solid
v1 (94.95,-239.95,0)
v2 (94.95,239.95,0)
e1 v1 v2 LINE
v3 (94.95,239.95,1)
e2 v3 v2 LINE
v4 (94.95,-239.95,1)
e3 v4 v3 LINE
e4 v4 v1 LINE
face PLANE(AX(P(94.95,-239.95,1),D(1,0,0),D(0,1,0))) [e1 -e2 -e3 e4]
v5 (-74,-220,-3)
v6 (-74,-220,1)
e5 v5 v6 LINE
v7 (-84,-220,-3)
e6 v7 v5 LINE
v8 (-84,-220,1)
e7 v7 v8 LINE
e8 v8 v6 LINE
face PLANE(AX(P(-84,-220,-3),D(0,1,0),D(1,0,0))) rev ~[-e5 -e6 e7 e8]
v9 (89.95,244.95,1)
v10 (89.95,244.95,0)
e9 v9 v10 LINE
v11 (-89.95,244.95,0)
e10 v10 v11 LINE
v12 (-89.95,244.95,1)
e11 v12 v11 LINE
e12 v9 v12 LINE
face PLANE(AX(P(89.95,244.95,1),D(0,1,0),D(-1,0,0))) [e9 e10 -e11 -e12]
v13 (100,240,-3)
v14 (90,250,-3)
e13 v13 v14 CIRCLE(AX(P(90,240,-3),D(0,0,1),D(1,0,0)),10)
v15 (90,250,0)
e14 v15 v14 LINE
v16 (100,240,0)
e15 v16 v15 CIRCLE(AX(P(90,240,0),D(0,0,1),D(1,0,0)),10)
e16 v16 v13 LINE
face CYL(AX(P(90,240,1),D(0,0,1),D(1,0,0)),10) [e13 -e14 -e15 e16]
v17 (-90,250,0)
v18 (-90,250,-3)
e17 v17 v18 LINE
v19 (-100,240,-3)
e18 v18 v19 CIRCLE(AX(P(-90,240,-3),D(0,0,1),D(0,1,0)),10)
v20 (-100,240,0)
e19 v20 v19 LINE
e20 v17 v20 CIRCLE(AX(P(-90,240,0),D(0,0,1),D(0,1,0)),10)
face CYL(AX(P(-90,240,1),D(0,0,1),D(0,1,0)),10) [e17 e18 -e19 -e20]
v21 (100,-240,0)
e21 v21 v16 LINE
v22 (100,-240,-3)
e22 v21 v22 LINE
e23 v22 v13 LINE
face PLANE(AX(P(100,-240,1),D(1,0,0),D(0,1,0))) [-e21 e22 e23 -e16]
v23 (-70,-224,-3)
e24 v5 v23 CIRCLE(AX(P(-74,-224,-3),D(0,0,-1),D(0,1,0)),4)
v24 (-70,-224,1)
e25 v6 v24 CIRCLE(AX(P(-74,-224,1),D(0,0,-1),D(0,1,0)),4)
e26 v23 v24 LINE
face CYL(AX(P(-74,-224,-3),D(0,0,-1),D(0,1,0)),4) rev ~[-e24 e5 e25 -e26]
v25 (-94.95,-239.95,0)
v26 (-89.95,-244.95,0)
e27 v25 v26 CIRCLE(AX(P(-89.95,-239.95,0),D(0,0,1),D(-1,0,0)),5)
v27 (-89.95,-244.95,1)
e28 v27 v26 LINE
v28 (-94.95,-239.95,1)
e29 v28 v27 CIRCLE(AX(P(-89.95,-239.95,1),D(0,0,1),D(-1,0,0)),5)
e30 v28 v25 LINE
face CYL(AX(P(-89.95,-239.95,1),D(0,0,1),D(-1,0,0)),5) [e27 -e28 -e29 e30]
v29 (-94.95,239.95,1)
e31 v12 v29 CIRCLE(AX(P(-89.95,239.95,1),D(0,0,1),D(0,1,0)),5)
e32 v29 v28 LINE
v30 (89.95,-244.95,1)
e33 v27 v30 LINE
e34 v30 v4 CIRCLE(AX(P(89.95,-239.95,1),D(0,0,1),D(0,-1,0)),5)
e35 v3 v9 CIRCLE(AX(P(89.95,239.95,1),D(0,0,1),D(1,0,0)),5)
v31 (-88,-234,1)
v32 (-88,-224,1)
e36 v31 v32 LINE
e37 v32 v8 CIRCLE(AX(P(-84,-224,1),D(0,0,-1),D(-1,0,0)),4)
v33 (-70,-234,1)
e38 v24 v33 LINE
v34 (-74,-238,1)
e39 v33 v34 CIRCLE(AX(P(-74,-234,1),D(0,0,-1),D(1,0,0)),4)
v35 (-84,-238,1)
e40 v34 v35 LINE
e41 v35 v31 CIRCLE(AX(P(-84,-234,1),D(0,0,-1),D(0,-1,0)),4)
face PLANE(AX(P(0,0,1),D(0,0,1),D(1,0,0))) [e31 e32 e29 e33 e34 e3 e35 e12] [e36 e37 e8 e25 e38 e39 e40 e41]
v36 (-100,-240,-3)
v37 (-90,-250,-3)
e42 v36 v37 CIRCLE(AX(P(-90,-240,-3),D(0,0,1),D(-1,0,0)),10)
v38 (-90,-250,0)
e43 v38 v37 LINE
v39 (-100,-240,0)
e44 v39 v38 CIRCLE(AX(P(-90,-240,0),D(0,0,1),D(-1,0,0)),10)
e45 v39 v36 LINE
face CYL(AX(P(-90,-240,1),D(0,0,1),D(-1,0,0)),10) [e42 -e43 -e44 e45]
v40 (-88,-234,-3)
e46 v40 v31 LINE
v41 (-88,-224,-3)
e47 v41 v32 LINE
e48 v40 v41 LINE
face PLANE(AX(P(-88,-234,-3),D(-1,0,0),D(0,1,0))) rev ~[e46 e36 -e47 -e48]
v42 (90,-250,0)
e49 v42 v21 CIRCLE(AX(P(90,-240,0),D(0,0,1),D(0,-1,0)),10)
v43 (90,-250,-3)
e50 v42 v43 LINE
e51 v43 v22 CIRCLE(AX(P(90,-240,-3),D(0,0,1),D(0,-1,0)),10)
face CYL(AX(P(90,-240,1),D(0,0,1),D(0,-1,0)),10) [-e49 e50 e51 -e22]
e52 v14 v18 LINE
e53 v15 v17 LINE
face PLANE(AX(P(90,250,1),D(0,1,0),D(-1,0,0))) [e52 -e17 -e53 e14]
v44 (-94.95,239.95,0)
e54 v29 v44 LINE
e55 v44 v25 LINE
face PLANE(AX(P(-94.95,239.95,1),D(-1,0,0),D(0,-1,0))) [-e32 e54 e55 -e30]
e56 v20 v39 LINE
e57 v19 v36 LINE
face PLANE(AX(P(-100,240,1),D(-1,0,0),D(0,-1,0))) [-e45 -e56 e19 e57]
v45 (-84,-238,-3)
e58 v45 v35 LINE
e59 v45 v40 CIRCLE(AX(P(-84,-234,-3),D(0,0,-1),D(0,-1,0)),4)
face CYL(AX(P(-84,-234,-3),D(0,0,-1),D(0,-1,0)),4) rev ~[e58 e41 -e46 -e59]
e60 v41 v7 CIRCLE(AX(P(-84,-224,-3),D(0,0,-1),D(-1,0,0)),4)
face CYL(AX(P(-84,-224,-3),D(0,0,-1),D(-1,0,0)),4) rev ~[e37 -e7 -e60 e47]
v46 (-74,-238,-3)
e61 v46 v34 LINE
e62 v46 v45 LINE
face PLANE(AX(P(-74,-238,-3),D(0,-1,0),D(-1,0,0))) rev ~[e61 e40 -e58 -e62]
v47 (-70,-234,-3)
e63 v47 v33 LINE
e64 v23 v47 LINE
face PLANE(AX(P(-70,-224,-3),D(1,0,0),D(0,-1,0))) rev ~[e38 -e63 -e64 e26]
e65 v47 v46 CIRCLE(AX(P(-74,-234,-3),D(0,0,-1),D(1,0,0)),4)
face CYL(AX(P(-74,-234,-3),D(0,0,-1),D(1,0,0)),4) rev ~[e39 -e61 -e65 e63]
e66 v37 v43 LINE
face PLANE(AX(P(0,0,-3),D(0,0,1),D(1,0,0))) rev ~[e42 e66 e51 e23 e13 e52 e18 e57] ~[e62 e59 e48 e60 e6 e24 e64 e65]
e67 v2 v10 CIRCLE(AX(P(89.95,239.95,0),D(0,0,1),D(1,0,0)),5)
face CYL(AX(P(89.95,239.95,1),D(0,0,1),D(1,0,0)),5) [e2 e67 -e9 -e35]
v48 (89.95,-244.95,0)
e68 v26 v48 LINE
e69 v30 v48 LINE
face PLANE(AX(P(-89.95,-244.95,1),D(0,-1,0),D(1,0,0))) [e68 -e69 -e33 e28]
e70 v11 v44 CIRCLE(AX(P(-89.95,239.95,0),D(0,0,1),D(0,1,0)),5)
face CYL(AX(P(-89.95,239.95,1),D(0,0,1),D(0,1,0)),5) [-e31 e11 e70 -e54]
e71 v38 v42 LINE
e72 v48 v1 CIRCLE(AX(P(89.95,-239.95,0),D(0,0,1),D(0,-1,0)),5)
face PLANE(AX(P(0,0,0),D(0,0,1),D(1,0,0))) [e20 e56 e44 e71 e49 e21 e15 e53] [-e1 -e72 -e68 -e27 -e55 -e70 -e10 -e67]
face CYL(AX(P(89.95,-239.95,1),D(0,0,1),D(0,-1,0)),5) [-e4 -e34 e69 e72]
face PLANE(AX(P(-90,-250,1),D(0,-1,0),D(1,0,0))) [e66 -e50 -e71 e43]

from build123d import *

# Parameters (mm, degrees)
PAD004_DEPTH    = 4
POCKET003_DEPTH = 1
POCKET006_DEPTH = 4


with BuildPart() as part:
    # Sketch010 → Pad004 (new body)
    with BuildSketch(Plane.XY):
        with BuildLine():
            Line((-100, 240), (-100, -240))
            ThreePointArc((-100, -240), (-97.0710678119, -247.0710678119), (-90, -250))
            Line((-90, -250), (90, -250))
            ThreePointArc((90, -250), (97.0710678119, -247.0710678119), (100, -240))
            Line((100, -240), (100, 240))
            ThreePointArc((100, 240), (97.0710678119, 247.0710678119), (90, 250))
            Line((90, 250), (-90, 250))
            ThreePointArc((-90, 250), (-97.0710678119, 247.0710678119), (-100, 240))
        make_face()
    extrude(amount=-PAD004_DEPTH)

    # Sketch011 (on Face9 of Pad004) → Pocket003 (cut)
    with BuildSketch(Plane.XY):
        with BuildLine():
            Line((-100, 240), (-100, -240))
            ThreePointArc((-100, -240), (-97.0710678119, -247.0710678119), (-90, -250))
            Line((-90, -250), (90, -250))
            ThreePointArc((90, -250), (97.0710678119, -247.0710678119), (100, -240))
            Line((100, -240), (100, 240))
            ThreePointArc((100, 240), (97.0710678119, 247.0710678119), (90, 250))
            Line((90, 250), (-90, 250))
            ThreePointArc((-90, 250), (-97.0710678119, 247.0710678119), (-100, 240))
        make_face()
        with BuildLine():
            Line((-94.95, 239.95), (-94.95, -239.95))
            ThreePointArc((-94.95, -239.95), (-93.4855339059, -243.4855339059), (-89.95, -244.95))
            Line((-89.95, -244.95), (89.95, -244.95))
            ThreePointArc((89.95, -244.95), (93.4855339059, -243.4855339059), (94.95, -239.95))
            Line((94.95, -239.95), (94.95, 239.95))
            ThreePointArc((94.95, 239.95), (93.4855339059, 243.4855339059), (89.95, 244.95))
            Line((89.95, 244.95), (-89.95, 244.95))
            ThreePointArc((-89.95, 244.95), (-93.4855339059, 243.4855339059), (-94.95, 239.95))
        make_face(mode=Mode.SUBTRACT)
    extrude(amount=-POCKET003_DEPTH, mode=Mode.SUBTRACT)

    # Sketch014 (on Face4 of Pocket003) → Pocket006 (cut)
    with BuildSketch(Plane(origin=(0, 0, -4), x_dir=(1, 0, 0), z_dir=(0, 0, -1))):
        with BuildLine():
            Line((-88, 234), (-88, 224))
            ThreePointArc((-88, 224), (-86.8284271247, 221.1715728753), (-84, 220))
            Line((-84, 220), (-74, 220))
            ThreePointArc((-74, 220), (-71.1715728753, 221.1715728753), (-70, 224))
            Line((-70, 224), (-70, 234))
            ThreePointArc((-70, 234), (-71.1715728753, 236.8284271247), (-74, 238))
            Line((-74, 238), (-84, 238))
            ThreePointArc((-84, 238), (-86.8284271247, 236.8284271247), (-88, 234))
        make_face()
    extrude(amount=-POCKET006_DEPTH, mode=Mode.SUBTRACT)


with BuildPart() as part_1:
    # Body002 placement: moved
    add(part.part.moved(Location((0, 0, 1))))


solid = part_1.part
